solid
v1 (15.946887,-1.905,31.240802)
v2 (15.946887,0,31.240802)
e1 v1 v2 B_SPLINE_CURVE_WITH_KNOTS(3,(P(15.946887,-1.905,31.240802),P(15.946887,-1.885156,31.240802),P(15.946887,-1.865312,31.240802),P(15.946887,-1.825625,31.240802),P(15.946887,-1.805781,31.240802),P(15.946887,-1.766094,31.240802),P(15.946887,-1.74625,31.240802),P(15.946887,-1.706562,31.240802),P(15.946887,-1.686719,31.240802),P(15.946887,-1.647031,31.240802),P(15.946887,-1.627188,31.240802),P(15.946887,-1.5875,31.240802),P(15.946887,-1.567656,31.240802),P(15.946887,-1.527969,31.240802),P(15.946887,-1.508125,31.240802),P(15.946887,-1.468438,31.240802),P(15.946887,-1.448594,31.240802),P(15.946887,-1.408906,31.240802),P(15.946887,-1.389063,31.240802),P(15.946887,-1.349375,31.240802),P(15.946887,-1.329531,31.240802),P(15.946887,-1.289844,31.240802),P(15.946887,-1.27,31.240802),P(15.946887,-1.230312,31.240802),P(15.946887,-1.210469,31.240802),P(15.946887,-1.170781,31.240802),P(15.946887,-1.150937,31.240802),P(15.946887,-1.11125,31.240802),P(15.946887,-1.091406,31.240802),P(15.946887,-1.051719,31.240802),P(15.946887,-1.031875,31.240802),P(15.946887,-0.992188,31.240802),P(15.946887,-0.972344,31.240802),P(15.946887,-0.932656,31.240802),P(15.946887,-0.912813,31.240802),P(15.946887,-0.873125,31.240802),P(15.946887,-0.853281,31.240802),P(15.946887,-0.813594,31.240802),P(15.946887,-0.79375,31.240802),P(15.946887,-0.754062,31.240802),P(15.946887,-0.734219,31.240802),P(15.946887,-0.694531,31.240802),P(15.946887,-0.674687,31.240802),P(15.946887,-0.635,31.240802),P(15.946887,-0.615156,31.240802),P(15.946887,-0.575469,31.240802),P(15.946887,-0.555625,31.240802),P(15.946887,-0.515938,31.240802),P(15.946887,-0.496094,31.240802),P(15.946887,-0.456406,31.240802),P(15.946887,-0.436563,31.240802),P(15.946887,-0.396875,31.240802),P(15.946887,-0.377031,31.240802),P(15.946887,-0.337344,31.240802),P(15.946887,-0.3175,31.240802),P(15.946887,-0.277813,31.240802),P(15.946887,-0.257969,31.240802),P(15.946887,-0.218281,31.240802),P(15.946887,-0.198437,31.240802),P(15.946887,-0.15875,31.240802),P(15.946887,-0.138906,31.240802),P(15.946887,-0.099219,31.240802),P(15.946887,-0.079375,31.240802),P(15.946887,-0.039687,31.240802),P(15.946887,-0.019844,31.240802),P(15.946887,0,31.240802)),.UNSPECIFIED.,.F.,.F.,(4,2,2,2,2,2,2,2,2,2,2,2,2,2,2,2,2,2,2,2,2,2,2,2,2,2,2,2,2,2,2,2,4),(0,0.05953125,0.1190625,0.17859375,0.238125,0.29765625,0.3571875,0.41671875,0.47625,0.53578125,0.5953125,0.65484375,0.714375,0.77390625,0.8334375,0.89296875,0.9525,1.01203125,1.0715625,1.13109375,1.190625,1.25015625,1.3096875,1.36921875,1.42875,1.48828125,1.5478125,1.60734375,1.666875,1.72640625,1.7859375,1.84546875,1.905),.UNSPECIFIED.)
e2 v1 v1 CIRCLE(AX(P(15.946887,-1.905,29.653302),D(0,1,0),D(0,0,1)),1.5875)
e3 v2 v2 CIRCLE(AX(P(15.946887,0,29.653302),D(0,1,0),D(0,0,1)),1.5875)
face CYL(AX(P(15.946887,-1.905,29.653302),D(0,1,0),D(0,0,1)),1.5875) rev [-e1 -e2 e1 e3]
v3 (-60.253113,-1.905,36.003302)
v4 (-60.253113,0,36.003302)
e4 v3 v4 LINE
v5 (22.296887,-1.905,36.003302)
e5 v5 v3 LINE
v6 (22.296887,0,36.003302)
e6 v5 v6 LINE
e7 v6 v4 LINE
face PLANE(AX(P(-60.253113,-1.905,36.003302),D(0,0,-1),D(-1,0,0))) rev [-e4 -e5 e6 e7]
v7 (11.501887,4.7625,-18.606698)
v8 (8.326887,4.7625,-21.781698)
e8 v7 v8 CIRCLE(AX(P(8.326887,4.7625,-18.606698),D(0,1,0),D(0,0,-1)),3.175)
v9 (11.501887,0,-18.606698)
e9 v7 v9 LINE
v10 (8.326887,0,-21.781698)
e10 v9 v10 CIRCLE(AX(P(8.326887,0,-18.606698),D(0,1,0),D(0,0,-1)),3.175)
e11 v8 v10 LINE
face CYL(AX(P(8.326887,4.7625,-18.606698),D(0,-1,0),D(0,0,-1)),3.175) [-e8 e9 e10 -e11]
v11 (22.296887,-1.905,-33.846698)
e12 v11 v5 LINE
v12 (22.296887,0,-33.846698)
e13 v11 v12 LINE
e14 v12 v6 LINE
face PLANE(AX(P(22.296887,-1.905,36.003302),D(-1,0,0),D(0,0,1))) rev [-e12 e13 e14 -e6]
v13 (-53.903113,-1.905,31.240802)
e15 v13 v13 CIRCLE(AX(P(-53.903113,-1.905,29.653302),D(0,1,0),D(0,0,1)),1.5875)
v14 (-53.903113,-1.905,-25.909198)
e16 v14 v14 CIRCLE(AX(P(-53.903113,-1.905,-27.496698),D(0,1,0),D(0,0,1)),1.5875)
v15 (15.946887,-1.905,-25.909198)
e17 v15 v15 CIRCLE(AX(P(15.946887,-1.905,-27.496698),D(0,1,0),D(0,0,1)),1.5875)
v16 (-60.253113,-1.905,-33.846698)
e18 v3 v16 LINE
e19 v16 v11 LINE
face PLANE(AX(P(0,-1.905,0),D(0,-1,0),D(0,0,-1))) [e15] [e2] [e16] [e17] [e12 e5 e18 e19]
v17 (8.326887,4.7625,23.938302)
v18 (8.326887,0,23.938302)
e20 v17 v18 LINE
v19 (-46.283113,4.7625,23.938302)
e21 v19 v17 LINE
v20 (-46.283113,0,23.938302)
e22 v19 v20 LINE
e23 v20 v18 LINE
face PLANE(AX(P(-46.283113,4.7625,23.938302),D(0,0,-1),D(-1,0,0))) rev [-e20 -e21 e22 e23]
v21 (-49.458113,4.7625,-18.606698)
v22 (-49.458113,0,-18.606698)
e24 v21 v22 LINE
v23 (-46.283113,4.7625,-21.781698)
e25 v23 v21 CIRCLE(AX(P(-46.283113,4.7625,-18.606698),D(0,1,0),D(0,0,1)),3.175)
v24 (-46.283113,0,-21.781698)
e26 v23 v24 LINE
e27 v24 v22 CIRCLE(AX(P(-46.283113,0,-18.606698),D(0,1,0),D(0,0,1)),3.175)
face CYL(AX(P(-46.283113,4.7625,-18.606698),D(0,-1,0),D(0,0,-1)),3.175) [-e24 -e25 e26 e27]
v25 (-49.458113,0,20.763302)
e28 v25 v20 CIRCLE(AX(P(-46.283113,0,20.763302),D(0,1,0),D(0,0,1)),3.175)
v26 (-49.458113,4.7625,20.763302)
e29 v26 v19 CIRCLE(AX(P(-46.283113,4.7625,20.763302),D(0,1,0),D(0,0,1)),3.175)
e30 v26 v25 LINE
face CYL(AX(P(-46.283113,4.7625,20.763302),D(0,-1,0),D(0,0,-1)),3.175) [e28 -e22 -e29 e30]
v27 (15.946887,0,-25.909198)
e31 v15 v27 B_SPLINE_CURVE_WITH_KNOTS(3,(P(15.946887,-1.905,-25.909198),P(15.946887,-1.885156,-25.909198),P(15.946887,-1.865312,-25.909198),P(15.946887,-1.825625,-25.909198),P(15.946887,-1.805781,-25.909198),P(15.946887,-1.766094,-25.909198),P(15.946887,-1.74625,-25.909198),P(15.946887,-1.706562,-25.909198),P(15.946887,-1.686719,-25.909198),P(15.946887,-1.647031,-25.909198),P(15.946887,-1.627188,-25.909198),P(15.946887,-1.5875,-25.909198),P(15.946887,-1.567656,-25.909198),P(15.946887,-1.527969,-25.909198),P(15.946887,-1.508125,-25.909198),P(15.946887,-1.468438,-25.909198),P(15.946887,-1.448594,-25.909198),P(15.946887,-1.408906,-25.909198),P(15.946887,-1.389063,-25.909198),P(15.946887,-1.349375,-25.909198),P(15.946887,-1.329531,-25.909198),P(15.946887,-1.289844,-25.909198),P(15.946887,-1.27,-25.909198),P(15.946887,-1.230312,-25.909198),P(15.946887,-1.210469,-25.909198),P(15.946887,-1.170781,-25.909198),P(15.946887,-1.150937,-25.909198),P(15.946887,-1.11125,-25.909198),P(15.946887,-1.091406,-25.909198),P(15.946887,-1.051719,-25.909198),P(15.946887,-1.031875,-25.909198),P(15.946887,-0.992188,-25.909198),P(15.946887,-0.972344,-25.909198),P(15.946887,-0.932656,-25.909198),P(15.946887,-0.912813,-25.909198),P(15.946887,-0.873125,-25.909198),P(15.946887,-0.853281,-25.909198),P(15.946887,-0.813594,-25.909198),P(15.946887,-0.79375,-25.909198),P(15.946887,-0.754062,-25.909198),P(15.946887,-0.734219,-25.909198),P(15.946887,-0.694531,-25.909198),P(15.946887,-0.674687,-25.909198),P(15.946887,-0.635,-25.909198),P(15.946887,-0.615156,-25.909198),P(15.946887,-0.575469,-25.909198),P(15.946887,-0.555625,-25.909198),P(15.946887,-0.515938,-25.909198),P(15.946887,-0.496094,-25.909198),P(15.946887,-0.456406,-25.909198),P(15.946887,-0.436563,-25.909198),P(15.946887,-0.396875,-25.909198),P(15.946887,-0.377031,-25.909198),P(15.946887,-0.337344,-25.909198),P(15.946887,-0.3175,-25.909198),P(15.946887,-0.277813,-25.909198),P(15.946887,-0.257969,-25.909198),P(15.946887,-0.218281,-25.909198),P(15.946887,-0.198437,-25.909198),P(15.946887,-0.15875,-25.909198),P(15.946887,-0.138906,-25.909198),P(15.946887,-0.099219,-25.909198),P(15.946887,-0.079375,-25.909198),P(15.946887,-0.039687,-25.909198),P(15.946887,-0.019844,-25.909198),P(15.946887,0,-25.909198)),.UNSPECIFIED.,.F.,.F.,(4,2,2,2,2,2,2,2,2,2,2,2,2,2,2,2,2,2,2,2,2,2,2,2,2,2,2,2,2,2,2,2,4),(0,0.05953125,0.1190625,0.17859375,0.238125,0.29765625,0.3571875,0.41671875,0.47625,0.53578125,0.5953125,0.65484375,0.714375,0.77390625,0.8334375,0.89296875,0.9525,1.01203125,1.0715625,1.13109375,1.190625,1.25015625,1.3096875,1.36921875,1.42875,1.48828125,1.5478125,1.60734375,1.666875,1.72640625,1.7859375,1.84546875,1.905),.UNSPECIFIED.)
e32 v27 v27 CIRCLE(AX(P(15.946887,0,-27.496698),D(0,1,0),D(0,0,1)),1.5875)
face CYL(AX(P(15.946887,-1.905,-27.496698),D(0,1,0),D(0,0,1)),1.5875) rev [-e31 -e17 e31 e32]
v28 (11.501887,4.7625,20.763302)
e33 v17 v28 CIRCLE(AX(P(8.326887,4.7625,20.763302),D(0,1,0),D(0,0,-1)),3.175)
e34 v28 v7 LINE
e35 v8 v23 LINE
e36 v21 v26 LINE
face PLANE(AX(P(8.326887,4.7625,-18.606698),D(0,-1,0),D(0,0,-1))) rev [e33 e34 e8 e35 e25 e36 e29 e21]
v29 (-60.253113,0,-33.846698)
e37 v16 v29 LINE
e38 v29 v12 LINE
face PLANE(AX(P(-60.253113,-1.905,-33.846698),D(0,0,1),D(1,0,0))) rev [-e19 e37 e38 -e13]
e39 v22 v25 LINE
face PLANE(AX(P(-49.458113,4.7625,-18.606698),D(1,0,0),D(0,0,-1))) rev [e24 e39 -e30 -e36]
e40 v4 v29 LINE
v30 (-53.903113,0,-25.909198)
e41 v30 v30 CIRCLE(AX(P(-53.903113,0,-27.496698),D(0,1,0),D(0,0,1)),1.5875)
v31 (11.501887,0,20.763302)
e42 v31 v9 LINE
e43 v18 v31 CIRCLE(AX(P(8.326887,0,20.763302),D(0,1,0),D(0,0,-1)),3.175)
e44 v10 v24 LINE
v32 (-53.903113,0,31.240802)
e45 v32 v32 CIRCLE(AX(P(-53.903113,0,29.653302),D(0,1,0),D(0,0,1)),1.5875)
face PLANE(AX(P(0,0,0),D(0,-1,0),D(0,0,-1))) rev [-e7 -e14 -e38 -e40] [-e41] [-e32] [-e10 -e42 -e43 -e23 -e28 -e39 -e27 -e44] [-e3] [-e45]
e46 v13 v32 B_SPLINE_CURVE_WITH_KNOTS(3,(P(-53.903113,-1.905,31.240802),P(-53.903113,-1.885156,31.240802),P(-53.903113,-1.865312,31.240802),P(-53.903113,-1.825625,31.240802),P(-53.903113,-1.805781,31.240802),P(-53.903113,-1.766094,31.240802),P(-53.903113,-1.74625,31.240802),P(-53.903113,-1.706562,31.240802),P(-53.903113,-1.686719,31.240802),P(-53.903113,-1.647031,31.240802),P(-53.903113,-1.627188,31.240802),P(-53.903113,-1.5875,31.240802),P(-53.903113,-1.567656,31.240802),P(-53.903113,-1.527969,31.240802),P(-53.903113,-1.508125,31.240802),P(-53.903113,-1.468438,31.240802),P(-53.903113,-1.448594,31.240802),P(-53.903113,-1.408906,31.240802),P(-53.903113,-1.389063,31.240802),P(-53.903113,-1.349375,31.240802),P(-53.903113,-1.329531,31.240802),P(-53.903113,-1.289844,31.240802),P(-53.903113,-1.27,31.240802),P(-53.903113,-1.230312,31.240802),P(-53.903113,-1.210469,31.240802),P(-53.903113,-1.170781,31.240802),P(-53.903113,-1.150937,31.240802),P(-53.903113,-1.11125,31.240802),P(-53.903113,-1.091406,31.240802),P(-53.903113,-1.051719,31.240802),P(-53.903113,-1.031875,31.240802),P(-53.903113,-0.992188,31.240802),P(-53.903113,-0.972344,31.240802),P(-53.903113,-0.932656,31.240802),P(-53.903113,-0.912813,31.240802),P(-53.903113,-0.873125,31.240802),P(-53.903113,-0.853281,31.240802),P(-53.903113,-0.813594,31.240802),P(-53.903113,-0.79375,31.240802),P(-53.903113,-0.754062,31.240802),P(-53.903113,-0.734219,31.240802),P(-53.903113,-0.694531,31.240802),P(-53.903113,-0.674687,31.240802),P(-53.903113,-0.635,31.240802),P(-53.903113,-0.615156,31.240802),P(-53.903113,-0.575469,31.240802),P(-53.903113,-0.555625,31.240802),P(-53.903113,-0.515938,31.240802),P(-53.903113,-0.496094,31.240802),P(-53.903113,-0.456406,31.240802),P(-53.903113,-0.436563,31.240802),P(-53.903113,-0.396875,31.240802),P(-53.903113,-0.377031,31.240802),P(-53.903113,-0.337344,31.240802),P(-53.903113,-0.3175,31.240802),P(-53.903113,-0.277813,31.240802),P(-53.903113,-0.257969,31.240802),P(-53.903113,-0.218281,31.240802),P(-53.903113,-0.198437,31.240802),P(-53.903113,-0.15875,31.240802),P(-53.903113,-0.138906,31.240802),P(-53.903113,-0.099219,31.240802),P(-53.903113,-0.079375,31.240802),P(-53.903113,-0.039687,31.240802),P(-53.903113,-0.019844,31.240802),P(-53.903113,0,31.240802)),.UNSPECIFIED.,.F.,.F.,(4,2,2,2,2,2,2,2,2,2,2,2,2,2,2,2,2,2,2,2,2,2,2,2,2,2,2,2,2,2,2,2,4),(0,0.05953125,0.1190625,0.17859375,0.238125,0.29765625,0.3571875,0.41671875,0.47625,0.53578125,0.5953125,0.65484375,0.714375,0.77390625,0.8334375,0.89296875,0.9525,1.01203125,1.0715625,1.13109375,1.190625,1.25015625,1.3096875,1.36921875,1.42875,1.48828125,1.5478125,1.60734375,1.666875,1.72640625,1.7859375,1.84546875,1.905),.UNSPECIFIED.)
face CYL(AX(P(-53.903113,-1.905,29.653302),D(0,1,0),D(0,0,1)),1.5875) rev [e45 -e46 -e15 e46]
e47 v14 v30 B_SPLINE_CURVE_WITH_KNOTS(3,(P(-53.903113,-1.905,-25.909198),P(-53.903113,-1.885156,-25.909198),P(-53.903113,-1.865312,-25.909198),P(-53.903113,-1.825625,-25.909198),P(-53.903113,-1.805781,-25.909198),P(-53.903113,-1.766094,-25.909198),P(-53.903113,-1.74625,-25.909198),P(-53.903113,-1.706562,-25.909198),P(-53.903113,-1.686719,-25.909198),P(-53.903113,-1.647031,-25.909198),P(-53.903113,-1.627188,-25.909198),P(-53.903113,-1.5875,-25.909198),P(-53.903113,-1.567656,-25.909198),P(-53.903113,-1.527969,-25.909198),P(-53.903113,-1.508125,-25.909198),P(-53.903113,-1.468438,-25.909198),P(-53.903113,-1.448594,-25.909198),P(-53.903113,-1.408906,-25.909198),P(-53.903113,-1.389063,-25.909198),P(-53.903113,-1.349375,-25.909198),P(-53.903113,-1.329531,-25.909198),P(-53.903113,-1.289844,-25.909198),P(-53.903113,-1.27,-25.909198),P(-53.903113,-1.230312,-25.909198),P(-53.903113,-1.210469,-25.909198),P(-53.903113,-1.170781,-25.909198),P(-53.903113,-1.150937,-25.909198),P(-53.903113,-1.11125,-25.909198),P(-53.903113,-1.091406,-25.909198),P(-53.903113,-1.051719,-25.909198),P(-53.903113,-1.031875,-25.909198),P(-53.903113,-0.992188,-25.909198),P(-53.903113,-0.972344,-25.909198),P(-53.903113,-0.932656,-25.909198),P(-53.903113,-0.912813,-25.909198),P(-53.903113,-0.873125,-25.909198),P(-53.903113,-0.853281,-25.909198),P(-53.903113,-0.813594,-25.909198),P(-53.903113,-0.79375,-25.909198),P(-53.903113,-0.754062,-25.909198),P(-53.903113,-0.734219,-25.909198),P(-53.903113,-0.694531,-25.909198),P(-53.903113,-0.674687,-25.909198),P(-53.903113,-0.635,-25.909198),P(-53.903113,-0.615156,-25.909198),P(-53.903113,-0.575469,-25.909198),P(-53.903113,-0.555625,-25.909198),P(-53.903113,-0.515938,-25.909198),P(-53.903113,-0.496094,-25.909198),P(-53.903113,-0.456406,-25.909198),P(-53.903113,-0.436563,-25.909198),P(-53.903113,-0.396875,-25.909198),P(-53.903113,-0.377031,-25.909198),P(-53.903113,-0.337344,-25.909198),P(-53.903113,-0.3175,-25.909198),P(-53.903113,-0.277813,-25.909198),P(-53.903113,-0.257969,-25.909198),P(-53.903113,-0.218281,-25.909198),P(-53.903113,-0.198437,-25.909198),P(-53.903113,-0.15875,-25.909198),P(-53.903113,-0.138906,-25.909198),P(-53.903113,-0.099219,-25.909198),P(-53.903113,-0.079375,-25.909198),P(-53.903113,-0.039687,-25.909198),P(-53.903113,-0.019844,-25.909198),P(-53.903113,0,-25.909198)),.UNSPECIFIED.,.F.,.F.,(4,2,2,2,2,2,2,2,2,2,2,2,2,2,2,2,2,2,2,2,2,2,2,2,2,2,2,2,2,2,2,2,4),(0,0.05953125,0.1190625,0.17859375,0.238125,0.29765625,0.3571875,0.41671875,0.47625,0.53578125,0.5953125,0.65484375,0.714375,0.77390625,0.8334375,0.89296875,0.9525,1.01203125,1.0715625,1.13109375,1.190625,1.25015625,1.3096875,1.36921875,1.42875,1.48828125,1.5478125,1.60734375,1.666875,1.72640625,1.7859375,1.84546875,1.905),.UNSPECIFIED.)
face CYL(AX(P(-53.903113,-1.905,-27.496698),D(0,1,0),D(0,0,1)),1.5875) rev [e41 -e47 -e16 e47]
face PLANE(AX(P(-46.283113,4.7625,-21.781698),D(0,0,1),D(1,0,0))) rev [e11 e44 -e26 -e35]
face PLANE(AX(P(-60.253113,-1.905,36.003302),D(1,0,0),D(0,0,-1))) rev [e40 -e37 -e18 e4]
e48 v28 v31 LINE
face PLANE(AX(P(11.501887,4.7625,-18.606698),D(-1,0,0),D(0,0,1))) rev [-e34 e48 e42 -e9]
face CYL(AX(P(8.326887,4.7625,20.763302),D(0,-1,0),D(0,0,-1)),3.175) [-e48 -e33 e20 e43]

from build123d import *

# Parameters (mm, degrees)
BOSS_EXTRUDE1_DEPTH = 4.7625
SKETCH3_W           = 82.55
SKETCH3_H           = 69.85
BOSS_EXTRUDE2_DEPTH = 1.905
SKETCH4_R           = 1.5875
CUT_EXTRUDE1_DEPTH  = 71.351665255


with BuildPart() as part:
    # Sketch1 → Boss-Extrude1 (new body)
    with BuildSketch(Plane(origin=(0, 0, 0), x_dir=(1, 0, 0), z_dir=(0, 1, 0))):
        with BuildLine():
            Line((-46.283113208, 21.781698113), (8.326886792, 21.781698113))
            ThreePointArc((8.326886792, 21.781698113), (10.571950823, 20.851762143), (11.501886792, 18.606698113))
            Line((11.501886792, 18.606698113), (11.501886792, -20.763301887))
            ThreePointArc((11.501886792, -20.763301887), (10.571950823, -23.008365917), (8.326886792, -23.938301887))
            Line((8.326886792, -23.938301887), (-46.283113208, -23.938301887))
            ThreePointArc((-46.283113208, -23.938301887), (-48.528177238, -23.008365917), (-49.458113208, -20.763301887))
            Line((-49.458113208, -20.763301887), (-49.458113208, 18.606698113))
            ThreePointArc((-49.458113208, 18.606698113), (-48.528177238, 20.851762143), (-46.283113208, 21.781698113))
        make_face()
    extrude(amount=BOSS_EXTRUDE1_DEPTH)

    # Sketch3 → Boss-Extrude2 (add)
    with BuildSketch(Plane.XZ):
        with Locations((-18.978113208, 1.078301887)):
            Rectangle(SKETCH3_W, SKETCH3_H)
    extrude(amount=BOSS_EXTRUDE2_DEPTH)

    # Sketch4 → Cut-Extrude1 (cut, through all)
    with BuildSketch(Plane(origin=(0, 0, 0), x_dir=(1, 0, 0), z_dir=(0, 1, 0))):
        with Locations(Location((-53.903113208, 27.496698113, 0), (0, 0, 270))):
            Circle(SKETCH4_R)
        with Locations(Location((15.946886792, 27.496698113, 0), (0, 0, 270))):
            Circle(SKETCH4_R)
        with Locations(Location((15.946886792, -29.653301887, 0), (0, 0, 270))):
            Circle(SKETCH4_R)
        with Locations(Location((-53.903113208, -29.653301887, 0), (0, 0, 270))):
            Circle(SKETCH4_R)
    extrude(amount=-CUT_EXTRUDE1_DEPTH, mode=Mode.SUBTRACT)


solid = part.part
